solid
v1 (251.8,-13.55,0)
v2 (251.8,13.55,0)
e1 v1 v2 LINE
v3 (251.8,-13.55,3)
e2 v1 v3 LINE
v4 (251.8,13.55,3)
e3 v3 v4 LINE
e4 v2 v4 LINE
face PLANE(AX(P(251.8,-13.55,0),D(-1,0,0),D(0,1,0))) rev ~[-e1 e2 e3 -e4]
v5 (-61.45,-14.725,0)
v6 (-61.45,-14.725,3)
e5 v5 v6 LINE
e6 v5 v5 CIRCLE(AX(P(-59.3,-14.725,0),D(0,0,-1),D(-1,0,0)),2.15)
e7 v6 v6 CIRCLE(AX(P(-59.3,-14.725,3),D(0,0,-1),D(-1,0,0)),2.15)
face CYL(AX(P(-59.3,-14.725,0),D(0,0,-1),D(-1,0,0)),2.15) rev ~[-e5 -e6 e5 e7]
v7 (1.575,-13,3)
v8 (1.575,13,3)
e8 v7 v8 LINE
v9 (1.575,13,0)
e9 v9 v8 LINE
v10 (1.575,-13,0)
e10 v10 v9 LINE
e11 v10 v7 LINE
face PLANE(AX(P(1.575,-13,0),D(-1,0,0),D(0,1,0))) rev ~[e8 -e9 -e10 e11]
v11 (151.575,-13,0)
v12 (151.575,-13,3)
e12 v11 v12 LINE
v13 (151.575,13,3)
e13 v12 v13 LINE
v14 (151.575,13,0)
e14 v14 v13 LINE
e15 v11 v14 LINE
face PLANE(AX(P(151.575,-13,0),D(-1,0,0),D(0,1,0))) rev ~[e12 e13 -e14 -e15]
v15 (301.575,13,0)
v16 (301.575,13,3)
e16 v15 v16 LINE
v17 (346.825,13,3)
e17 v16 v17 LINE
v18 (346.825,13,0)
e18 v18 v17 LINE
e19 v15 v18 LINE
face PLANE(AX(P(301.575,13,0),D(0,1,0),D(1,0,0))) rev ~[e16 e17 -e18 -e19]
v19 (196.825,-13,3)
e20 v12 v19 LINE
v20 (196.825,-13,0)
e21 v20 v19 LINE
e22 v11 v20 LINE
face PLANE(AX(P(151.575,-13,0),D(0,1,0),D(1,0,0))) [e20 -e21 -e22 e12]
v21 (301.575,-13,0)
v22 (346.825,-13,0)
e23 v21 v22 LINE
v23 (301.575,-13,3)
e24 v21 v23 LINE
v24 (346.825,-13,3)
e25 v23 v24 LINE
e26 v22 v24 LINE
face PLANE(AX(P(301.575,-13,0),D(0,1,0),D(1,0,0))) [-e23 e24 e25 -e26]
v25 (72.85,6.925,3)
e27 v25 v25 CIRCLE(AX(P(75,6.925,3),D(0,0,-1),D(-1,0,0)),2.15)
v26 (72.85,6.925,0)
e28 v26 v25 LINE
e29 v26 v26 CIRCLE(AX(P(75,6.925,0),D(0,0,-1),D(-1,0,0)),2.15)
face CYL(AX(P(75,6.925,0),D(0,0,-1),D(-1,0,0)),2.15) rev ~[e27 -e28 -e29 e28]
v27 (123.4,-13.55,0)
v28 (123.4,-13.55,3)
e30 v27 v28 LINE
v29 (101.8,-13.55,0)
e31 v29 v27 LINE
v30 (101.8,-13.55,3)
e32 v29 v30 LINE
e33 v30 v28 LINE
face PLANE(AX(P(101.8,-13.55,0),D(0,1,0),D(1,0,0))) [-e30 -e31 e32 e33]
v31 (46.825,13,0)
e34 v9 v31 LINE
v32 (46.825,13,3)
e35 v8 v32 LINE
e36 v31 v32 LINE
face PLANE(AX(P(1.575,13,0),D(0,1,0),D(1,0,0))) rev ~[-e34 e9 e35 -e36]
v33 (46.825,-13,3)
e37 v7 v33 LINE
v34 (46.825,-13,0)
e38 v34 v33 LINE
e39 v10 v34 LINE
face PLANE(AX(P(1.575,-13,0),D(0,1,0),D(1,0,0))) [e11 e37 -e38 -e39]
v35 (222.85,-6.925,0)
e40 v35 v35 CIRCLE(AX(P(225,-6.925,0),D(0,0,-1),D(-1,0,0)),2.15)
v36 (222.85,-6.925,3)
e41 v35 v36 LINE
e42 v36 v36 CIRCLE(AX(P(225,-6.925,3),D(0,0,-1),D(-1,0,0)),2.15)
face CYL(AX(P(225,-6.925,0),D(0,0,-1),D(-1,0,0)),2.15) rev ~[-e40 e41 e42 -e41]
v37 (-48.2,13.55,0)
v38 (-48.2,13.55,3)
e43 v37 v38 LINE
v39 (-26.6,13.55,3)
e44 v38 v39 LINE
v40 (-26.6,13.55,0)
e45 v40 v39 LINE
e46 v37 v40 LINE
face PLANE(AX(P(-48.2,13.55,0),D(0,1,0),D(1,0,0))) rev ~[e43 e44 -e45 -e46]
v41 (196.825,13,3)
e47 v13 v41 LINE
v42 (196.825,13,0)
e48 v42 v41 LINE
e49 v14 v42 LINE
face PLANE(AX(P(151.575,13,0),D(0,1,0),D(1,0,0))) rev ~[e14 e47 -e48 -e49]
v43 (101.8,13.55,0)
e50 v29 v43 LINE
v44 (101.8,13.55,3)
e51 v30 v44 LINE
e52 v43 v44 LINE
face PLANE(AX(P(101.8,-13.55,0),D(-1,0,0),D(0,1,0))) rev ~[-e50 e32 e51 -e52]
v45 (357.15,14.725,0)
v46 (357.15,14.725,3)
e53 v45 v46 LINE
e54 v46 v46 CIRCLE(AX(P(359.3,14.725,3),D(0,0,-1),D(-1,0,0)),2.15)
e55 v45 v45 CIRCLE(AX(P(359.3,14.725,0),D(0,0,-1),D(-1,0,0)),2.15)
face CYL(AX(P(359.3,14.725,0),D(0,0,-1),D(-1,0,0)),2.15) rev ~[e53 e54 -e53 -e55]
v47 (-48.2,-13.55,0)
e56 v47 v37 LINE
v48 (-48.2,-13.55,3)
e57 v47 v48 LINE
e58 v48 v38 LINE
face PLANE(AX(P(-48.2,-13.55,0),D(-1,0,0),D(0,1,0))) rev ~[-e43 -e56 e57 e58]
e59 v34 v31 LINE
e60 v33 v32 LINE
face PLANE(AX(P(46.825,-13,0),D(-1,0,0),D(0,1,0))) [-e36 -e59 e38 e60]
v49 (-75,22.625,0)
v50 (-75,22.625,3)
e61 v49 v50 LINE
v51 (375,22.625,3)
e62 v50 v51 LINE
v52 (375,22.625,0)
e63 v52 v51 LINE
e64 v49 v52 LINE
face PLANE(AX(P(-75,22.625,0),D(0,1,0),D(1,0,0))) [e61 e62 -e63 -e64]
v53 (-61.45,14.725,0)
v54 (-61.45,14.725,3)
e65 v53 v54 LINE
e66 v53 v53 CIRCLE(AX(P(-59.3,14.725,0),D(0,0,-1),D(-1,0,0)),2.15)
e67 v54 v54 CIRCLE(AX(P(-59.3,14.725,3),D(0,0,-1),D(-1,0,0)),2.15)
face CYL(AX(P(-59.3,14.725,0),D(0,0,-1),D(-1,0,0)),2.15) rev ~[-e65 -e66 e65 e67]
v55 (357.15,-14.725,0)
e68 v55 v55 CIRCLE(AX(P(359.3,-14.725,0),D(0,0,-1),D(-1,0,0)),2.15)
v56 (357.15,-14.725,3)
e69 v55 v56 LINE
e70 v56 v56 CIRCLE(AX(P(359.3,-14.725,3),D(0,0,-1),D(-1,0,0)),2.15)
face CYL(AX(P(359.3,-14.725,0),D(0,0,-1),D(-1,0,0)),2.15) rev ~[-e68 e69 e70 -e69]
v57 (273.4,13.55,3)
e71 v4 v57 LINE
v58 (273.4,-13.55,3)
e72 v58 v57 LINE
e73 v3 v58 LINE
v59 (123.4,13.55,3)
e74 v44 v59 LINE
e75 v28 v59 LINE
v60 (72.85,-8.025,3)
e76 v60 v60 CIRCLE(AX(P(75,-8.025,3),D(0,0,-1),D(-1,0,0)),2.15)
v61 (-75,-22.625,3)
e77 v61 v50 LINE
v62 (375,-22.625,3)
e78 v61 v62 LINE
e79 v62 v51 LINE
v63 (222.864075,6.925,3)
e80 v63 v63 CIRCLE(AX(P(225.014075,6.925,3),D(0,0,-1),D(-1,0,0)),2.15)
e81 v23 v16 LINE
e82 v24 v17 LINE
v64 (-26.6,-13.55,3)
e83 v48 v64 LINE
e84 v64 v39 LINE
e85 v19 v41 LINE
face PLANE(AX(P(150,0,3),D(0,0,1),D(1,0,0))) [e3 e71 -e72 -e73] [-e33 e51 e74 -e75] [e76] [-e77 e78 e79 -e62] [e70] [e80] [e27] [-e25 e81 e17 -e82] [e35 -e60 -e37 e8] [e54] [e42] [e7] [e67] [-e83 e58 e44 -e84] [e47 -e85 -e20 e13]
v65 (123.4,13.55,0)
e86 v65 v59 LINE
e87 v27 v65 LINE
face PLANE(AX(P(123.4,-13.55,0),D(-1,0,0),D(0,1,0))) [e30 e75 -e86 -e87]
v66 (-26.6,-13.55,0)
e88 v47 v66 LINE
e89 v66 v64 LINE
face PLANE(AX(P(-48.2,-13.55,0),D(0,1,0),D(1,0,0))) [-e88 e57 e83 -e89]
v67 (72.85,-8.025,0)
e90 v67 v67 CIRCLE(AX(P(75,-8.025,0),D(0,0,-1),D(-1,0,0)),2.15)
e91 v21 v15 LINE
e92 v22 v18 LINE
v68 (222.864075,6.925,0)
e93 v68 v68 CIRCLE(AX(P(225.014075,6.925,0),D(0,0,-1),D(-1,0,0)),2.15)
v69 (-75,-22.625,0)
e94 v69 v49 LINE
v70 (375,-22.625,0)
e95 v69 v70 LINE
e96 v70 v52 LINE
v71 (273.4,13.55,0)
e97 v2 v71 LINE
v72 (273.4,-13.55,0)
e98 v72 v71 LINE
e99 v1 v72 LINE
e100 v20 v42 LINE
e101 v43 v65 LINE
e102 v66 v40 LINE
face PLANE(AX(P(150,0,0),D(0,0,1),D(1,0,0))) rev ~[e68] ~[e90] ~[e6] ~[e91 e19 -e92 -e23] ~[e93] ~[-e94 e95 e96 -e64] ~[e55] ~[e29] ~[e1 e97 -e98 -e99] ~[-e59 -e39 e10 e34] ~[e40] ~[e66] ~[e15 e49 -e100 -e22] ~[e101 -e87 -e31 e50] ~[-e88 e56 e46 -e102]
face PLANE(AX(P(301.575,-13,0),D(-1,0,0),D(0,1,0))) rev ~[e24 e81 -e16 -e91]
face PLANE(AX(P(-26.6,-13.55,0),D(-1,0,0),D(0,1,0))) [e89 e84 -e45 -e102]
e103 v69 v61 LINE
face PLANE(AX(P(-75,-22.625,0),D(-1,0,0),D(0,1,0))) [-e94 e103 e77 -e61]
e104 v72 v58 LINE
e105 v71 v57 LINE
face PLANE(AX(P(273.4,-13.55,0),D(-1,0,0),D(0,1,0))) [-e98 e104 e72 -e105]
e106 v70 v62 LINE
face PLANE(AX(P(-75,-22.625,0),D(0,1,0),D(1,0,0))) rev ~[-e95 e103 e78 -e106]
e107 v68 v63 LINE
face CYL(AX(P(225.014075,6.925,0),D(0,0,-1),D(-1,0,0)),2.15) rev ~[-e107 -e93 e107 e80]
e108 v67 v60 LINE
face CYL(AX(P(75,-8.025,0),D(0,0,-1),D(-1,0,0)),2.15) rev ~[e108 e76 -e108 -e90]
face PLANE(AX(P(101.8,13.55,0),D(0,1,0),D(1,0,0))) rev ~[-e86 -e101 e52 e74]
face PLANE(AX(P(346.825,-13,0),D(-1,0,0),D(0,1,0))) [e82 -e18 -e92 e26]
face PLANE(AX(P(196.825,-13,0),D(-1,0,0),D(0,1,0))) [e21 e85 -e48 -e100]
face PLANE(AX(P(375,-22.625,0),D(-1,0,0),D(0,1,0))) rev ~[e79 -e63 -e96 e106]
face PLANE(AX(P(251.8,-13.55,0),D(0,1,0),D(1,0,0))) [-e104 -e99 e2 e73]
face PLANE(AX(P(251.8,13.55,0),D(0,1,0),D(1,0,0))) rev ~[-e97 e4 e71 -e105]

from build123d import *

# Parameters (mm, degrees)
SKETCH_1_W          = 450
SKETCH_1_H          = 45.25
EXTRUDE_1_DEPTH     = 3
SKETCH_1_3_W        = 21.6
SKETCH_1_3_H        = 27.1
SKETCH_1_3_W_2      = 45.25
SKETCH_1_3_H_2      = 26
CUT_EXTRUDE_2_DEPTH = 3
SKETCH_2_R          = 2.15
CUT_EXTRUDE_3_DEPTH = 5
SKETCH_3_R          = 2.15
CUT_EXTRUDE_4_DEPTH = 5


with BuildPart() as part:
    # 草圖1 → 填料-伸長1 (new body)
    with BuildSketch(Plane.XY):
        with Locations((150, 0)):
            Rectangle(SKETCH_1_W, SKETCH_1_H)
    extrude(amount=EXTRUDE_1_DEPTH)

    # 草圖1<3> → 除料-伸長2 (cut)
    with BuildSketch(Plane.XY):
        with Locations((-37.4, 0)):
            Rectangle(SKETCH_1_3_W, SKETCH_1_3_H)
        with Locations((174.2, 0)):
            Rectangle(SKETCH_1_3_W_2, SKETCH_1_3_H_2)
        with Locations((24.2, 0)):
            Rectangle(SKETCH_1_3_W_2, SKETCH_1_3_H_2)
        with Locations((112.6, 0)):
            Rectangle(SKETCH_1_3_W, SKETCH_1_3_H)
        with Locations((324.2, 0)):
            Rectangle(SKETCH_1_3_W_2, SKETCH_1_3_H_2)
        with Locations((262.6, 0)):
            Rectangle(SKETCH_1_3_W, SKETCH_1_3_H)
    extrude(amount=CUT_EXTRUDE_2_DEPTH, mode=Mode.SUBTRACT)

    # 草圖2 → 除料-伸長3 (cut)
    with BuildSketch(Plane(origin=(0, 0, 0), x_dir=(-1, 0, 0), z_dir=(0, 0, -1))):
        with Locations((-359.3, 14.725)):
            Circle(SKETCH_2_R)
        with Locations((-359.3, -14.725)):
            Circle(SKETCH_2_R)
        with Locations((59.3, 14.725)):
            Circle(SKETCH_2_R)
        with Locations((59.3, -14.725)):
            Circle(SKETCH_2_R)
    extrude(amount=-CUT_EXTRUDE_3_DEPTH, mode=Mode.SUBTRACT)

    # 草圖3 → 除料-伸長4 (cut)
    with BuildSketch(Plane(origin=(0, 0, 0), x_dir=(-1, 0, 0), z_dir=(0, 0, -1))):
        with Locations((-225.014075293, 6.925)):
            Circle(SKETCH_3_R)
        with Locations((-225, -6.925)):
            Circle(SKETCH_3_R)
        with Locations((-75.000000001, 6.925)):
            Circle(SKETCH_3_R)
        with Locations((-75, -8.025)):
            Circle(SKETCH_3_R)
    extrude(amount=-CUT_EXTRUDE_4_DEPTH, mode=Mode.SUBTRACT)


solid = part.part
